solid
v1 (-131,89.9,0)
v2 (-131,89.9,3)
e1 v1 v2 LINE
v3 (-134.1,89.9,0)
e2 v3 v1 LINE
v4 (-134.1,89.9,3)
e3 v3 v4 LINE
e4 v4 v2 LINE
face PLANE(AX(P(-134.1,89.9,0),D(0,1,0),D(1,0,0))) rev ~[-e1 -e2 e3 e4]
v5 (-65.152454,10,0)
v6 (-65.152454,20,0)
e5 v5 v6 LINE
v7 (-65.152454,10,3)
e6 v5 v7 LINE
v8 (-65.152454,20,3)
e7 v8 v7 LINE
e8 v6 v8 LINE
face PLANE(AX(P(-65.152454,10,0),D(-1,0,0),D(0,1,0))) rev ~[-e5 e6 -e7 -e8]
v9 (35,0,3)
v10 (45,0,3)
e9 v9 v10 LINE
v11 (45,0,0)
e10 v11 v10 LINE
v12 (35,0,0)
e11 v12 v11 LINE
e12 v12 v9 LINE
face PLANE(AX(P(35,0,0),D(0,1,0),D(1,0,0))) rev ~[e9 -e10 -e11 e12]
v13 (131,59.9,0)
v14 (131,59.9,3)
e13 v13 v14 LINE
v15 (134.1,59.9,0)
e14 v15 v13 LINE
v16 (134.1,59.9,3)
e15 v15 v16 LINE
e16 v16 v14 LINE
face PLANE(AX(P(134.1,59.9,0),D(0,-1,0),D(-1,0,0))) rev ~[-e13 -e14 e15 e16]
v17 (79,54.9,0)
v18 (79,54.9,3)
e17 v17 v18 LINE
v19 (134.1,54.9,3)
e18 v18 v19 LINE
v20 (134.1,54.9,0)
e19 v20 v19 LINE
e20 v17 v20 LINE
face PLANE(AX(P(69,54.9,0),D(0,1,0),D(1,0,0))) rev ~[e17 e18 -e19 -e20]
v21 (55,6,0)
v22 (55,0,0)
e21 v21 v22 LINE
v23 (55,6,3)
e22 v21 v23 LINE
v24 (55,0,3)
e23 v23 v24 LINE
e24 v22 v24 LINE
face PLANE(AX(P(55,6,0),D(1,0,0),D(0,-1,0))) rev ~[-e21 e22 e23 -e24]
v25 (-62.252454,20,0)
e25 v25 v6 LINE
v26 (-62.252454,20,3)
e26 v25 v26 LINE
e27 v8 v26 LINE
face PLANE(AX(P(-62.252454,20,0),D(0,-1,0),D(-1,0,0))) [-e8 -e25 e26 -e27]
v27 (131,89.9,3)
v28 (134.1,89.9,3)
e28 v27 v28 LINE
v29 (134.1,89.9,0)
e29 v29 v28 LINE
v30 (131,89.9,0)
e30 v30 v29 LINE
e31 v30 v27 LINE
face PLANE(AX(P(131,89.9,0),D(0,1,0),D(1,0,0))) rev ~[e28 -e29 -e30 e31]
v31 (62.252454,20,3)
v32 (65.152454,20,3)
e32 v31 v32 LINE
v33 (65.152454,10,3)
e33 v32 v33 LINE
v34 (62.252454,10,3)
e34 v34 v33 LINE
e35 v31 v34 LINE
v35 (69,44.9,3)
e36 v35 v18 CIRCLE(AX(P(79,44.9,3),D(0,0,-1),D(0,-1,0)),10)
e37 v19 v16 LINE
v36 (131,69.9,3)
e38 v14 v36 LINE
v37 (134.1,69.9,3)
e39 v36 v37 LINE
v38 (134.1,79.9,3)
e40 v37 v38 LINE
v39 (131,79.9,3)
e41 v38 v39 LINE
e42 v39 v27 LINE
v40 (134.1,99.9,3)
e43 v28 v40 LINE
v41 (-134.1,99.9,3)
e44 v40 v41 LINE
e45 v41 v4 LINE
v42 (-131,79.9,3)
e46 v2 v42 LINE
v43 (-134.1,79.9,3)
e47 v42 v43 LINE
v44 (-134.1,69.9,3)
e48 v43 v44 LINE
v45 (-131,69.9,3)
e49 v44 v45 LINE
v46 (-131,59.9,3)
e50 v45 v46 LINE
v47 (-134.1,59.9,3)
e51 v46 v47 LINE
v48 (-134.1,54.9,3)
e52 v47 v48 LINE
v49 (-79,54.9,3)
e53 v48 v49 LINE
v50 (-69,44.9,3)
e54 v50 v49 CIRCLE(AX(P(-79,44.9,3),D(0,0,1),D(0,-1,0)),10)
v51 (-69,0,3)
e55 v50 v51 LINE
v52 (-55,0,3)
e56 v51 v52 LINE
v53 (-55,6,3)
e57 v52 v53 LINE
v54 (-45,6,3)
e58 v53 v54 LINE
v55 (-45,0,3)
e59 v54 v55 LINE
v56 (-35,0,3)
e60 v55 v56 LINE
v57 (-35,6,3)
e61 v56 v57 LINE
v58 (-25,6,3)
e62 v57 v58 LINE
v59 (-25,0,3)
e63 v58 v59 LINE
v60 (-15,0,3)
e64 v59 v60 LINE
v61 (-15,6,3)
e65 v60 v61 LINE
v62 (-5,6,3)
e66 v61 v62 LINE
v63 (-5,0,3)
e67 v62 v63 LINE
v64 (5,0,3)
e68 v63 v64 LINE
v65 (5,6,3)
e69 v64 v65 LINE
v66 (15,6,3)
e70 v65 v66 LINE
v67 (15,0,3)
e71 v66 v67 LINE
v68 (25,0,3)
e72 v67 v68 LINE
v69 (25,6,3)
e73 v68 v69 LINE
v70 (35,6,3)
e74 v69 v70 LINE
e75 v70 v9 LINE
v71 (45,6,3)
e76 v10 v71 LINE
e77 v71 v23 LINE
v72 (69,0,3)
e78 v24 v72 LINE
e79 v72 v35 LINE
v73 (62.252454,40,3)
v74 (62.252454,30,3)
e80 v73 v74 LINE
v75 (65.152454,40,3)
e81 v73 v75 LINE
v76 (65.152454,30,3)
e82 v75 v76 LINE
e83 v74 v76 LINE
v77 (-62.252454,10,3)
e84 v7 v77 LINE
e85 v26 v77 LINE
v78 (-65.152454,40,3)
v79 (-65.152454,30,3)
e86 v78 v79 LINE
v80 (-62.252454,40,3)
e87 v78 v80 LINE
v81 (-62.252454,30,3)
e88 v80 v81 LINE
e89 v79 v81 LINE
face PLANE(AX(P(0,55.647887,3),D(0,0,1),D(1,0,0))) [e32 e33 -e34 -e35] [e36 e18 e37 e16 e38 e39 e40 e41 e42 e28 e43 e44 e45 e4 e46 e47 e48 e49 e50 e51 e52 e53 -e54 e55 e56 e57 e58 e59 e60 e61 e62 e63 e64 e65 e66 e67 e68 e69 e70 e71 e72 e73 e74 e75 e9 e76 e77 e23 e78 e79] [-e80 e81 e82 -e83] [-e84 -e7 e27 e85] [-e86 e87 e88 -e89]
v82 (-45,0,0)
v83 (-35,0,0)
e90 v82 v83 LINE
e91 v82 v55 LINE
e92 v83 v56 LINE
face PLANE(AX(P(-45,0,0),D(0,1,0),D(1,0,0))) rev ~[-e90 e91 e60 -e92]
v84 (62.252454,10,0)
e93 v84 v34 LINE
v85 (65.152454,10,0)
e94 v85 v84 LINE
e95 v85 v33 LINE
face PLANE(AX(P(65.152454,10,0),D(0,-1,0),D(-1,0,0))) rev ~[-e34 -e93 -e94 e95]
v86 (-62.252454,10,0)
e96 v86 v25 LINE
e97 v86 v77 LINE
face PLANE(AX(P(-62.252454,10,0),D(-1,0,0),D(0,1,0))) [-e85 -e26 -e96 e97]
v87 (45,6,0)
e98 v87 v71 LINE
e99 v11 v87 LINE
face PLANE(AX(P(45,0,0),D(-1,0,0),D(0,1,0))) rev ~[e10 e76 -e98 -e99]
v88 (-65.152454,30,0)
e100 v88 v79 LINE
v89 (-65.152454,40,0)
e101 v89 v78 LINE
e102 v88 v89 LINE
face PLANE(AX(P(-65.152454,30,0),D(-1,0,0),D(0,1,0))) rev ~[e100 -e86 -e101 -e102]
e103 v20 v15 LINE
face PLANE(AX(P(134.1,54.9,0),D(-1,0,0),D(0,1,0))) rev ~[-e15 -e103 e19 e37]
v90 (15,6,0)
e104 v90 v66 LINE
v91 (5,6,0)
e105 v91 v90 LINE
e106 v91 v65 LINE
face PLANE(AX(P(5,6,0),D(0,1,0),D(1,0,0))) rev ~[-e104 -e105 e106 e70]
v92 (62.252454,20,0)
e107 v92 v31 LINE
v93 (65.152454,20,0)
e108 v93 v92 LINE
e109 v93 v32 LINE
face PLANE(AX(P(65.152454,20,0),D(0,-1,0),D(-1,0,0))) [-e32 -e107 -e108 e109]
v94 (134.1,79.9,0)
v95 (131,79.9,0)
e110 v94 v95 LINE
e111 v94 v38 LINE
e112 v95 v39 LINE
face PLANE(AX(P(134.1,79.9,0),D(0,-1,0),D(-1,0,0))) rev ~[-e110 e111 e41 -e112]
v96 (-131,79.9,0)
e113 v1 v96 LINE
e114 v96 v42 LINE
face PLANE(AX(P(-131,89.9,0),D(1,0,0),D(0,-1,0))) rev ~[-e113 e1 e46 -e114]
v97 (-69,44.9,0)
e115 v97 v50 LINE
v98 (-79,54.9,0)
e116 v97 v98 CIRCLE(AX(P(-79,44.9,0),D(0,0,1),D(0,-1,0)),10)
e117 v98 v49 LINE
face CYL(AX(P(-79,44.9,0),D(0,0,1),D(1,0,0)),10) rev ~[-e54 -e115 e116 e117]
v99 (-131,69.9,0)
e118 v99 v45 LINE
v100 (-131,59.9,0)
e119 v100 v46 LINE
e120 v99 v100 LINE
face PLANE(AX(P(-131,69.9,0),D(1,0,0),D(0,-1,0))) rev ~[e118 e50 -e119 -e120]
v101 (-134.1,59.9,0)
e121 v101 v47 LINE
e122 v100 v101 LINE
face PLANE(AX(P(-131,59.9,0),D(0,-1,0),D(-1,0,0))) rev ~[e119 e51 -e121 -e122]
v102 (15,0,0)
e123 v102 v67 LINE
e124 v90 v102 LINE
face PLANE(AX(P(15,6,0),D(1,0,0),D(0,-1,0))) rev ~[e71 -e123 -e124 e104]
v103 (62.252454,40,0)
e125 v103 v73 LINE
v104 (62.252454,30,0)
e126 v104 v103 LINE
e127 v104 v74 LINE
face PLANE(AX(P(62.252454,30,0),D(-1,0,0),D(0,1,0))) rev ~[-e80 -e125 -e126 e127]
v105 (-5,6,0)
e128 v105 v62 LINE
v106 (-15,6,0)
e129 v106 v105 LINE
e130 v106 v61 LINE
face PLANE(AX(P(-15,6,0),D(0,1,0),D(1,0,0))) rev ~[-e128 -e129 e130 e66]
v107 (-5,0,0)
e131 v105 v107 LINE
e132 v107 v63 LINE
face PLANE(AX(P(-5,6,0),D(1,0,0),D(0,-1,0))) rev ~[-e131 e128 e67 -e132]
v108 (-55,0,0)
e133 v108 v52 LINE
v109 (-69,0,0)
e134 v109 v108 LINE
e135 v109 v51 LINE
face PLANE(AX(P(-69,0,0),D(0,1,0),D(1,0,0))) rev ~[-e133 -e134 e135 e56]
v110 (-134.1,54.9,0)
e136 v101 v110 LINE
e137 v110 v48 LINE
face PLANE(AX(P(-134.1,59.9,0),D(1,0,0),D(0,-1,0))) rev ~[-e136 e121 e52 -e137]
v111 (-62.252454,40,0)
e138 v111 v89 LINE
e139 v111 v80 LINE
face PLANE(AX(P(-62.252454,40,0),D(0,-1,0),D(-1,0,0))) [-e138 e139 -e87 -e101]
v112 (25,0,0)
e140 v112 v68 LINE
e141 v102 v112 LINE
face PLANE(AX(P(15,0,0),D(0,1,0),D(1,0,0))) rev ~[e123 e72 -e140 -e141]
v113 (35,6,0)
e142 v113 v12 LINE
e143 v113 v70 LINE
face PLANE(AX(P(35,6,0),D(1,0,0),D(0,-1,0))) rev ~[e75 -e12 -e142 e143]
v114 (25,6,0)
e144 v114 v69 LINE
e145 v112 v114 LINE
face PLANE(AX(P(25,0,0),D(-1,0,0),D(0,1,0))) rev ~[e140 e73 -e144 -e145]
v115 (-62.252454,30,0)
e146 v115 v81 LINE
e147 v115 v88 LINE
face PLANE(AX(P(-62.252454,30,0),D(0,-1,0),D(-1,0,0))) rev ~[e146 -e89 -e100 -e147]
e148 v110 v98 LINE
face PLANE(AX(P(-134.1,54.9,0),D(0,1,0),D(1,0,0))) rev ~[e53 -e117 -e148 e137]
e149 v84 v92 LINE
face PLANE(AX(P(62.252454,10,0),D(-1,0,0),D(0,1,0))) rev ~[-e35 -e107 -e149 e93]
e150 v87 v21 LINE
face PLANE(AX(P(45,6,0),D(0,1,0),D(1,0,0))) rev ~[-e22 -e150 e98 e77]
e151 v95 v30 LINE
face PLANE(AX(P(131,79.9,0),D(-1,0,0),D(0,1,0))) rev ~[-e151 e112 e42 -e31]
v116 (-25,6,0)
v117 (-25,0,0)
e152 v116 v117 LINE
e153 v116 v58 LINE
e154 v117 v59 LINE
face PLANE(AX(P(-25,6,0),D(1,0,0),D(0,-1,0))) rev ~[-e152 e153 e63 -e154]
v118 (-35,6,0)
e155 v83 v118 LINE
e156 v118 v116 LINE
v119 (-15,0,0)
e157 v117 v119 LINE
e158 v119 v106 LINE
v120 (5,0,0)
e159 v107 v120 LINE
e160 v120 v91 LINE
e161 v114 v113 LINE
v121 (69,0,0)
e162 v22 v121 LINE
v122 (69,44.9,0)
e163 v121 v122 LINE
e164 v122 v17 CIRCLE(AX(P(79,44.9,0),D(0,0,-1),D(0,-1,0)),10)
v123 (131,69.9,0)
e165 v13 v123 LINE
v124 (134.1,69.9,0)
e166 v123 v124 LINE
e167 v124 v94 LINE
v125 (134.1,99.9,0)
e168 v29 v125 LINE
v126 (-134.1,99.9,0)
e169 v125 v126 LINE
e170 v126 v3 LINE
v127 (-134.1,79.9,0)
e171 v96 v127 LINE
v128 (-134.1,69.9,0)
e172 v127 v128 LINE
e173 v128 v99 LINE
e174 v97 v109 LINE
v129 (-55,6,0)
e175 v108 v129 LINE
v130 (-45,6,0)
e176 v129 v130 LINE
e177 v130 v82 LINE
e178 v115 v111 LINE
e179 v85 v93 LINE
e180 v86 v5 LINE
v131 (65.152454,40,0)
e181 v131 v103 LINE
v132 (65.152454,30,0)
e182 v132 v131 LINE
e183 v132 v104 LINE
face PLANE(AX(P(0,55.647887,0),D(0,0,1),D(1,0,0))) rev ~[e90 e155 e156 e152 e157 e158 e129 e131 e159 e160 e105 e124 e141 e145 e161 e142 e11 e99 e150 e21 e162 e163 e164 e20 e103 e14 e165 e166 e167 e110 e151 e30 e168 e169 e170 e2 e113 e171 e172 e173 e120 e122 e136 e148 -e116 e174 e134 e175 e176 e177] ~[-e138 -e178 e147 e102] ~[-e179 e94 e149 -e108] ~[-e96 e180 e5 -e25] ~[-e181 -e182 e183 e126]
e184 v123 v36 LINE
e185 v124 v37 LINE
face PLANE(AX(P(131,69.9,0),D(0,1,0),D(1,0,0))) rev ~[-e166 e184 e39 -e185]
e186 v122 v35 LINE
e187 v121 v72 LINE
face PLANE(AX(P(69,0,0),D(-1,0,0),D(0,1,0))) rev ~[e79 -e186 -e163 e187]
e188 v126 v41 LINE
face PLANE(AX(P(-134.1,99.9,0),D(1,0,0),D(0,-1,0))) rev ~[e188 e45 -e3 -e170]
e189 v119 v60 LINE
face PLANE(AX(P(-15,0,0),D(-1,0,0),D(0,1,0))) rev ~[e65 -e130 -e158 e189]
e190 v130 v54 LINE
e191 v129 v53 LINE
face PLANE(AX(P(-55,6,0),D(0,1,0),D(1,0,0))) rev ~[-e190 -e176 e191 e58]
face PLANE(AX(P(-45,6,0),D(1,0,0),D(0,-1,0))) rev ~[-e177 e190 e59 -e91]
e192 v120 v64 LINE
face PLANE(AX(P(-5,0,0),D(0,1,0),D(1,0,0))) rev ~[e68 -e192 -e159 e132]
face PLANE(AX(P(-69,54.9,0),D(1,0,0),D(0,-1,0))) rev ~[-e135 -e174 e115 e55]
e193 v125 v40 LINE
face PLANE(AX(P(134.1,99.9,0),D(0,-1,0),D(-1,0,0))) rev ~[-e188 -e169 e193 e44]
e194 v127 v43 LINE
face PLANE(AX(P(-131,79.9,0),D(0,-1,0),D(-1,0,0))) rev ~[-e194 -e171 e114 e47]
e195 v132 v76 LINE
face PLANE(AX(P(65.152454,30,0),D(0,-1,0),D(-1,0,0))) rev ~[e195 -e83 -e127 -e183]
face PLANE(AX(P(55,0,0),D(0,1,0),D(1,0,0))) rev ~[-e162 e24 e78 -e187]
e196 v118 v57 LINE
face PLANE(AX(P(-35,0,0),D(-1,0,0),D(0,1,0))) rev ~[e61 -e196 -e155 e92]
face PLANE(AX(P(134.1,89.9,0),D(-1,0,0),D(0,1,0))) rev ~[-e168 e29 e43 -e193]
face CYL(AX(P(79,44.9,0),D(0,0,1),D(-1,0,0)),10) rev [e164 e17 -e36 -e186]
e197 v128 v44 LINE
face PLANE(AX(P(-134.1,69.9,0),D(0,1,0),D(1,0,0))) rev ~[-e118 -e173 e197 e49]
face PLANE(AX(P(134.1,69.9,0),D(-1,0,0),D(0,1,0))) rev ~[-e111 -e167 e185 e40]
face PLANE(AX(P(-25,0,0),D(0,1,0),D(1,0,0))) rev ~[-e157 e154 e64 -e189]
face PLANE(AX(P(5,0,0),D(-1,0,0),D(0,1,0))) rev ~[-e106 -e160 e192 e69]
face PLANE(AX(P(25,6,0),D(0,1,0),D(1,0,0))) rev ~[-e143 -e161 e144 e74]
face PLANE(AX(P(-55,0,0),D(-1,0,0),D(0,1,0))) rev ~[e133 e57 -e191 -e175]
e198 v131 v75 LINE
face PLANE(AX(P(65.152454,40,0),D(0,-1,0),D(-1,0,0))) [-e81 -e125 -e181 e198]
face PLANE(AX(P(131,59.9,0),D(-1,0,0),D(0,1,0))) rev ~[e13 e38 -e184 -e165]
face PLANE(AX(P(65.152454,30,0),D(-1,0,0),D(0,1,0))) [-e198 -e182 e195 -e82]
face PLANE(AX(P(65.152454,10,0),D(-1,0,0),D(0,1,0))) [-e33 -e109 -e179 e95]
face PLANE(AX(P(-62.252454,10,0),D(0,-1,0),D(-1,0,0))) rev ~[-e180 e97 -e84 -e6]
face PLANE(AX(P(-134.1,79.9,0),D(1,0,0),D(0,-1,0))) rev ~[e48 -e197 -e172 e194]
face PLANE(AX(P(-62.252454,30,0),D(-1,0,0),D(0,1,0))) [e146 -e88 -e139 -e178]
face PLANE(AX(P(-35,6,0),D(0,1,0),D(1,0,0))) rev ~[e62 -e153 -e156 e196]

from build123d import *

# Parameters (mm, degrees)
BOSS_EXTRUDE1_DEPTH = 3
FILLET1_R           = 10
SKETCH2_W           = 2.9
SKETCH2_H           = 10
CUT_EXTRUDE1_DEPTH  = 168.247780254


with BuildPart() as part:
    # Sketch1 → Boss-Extrude1 (new body)
    with BuildSketch(Plane.XY):
        Polygon((-69, 54.9), (-69, 0), (-55, 0), (-55, 6), (-45, 6), (-45, 0), (-35, 0), (-35, 6), (-25, 6), (-25, 0), (-15, 0), (-15, 6), (-5, 6), (-5, 0), (5, 0), (5, 6), (15, 6), (15, 0), (25, 0), (25, 6), (35, 6), (35, 0), (45, 0), (45, 6), (55, 6), (55, 0), (69, 0), (69, 54.9), (134.1, 54.9), (134.1, 59.9), (131, 59.9), (131, 69.9), (134.1, 69.9), (134.1, 79.9), (131, 79.9), (131, 89.9), (134.1, 89.9), (134.1, 99.9), (-134.1, 99.9), (-134.1, 89.9), (-131, 89.9), (-131, 79.9), (-134.1, 79.9), (-134.1, 69.9), (-131, 69.9), (-131, 59.9), (-134.1, 59.9), (-134.1, 54.9), align=None)
    extrude(amount=BOSS_EXTRUDE1_DEPTH)

    # Fillet1
    fillet1_edges = [part.edges().sort_by_distance(p)[0] for p in [
        (69, 54.9, 1.5),
        (-69, 54.9, 1.5),
    ]]
    fillet(fillet1_edges, radius=FILLET1_R)

    # Sketch2 → Cut-Extrude1 (cut, through all)
    with BuildSketch(Plane(origin=(0, 0, 0), x_dir=(-1, 0, 0), z_dir=(0, 0, -1))):
        with Locations((-63.702453972, 15)):
            Rectangle(SKETCH2_W, SKETCH2_H)
        with Locations((-63.702453972, 35)):
            Rectangle(SKETCH2_W, SKETCH2_H)
        with Locations((63.702453972, 35)):
            Rectangle(SKETCH2_W, SKETCH2_H)
        with Locations((63.702453972, 15)):
            Rectangle(SKETCH2_W, SKETCH2_H)
    extrude(amount=-CUT_EXTRUDE1_DEPTH, mode=Mode.SUBTRACT)


solid = part.part
